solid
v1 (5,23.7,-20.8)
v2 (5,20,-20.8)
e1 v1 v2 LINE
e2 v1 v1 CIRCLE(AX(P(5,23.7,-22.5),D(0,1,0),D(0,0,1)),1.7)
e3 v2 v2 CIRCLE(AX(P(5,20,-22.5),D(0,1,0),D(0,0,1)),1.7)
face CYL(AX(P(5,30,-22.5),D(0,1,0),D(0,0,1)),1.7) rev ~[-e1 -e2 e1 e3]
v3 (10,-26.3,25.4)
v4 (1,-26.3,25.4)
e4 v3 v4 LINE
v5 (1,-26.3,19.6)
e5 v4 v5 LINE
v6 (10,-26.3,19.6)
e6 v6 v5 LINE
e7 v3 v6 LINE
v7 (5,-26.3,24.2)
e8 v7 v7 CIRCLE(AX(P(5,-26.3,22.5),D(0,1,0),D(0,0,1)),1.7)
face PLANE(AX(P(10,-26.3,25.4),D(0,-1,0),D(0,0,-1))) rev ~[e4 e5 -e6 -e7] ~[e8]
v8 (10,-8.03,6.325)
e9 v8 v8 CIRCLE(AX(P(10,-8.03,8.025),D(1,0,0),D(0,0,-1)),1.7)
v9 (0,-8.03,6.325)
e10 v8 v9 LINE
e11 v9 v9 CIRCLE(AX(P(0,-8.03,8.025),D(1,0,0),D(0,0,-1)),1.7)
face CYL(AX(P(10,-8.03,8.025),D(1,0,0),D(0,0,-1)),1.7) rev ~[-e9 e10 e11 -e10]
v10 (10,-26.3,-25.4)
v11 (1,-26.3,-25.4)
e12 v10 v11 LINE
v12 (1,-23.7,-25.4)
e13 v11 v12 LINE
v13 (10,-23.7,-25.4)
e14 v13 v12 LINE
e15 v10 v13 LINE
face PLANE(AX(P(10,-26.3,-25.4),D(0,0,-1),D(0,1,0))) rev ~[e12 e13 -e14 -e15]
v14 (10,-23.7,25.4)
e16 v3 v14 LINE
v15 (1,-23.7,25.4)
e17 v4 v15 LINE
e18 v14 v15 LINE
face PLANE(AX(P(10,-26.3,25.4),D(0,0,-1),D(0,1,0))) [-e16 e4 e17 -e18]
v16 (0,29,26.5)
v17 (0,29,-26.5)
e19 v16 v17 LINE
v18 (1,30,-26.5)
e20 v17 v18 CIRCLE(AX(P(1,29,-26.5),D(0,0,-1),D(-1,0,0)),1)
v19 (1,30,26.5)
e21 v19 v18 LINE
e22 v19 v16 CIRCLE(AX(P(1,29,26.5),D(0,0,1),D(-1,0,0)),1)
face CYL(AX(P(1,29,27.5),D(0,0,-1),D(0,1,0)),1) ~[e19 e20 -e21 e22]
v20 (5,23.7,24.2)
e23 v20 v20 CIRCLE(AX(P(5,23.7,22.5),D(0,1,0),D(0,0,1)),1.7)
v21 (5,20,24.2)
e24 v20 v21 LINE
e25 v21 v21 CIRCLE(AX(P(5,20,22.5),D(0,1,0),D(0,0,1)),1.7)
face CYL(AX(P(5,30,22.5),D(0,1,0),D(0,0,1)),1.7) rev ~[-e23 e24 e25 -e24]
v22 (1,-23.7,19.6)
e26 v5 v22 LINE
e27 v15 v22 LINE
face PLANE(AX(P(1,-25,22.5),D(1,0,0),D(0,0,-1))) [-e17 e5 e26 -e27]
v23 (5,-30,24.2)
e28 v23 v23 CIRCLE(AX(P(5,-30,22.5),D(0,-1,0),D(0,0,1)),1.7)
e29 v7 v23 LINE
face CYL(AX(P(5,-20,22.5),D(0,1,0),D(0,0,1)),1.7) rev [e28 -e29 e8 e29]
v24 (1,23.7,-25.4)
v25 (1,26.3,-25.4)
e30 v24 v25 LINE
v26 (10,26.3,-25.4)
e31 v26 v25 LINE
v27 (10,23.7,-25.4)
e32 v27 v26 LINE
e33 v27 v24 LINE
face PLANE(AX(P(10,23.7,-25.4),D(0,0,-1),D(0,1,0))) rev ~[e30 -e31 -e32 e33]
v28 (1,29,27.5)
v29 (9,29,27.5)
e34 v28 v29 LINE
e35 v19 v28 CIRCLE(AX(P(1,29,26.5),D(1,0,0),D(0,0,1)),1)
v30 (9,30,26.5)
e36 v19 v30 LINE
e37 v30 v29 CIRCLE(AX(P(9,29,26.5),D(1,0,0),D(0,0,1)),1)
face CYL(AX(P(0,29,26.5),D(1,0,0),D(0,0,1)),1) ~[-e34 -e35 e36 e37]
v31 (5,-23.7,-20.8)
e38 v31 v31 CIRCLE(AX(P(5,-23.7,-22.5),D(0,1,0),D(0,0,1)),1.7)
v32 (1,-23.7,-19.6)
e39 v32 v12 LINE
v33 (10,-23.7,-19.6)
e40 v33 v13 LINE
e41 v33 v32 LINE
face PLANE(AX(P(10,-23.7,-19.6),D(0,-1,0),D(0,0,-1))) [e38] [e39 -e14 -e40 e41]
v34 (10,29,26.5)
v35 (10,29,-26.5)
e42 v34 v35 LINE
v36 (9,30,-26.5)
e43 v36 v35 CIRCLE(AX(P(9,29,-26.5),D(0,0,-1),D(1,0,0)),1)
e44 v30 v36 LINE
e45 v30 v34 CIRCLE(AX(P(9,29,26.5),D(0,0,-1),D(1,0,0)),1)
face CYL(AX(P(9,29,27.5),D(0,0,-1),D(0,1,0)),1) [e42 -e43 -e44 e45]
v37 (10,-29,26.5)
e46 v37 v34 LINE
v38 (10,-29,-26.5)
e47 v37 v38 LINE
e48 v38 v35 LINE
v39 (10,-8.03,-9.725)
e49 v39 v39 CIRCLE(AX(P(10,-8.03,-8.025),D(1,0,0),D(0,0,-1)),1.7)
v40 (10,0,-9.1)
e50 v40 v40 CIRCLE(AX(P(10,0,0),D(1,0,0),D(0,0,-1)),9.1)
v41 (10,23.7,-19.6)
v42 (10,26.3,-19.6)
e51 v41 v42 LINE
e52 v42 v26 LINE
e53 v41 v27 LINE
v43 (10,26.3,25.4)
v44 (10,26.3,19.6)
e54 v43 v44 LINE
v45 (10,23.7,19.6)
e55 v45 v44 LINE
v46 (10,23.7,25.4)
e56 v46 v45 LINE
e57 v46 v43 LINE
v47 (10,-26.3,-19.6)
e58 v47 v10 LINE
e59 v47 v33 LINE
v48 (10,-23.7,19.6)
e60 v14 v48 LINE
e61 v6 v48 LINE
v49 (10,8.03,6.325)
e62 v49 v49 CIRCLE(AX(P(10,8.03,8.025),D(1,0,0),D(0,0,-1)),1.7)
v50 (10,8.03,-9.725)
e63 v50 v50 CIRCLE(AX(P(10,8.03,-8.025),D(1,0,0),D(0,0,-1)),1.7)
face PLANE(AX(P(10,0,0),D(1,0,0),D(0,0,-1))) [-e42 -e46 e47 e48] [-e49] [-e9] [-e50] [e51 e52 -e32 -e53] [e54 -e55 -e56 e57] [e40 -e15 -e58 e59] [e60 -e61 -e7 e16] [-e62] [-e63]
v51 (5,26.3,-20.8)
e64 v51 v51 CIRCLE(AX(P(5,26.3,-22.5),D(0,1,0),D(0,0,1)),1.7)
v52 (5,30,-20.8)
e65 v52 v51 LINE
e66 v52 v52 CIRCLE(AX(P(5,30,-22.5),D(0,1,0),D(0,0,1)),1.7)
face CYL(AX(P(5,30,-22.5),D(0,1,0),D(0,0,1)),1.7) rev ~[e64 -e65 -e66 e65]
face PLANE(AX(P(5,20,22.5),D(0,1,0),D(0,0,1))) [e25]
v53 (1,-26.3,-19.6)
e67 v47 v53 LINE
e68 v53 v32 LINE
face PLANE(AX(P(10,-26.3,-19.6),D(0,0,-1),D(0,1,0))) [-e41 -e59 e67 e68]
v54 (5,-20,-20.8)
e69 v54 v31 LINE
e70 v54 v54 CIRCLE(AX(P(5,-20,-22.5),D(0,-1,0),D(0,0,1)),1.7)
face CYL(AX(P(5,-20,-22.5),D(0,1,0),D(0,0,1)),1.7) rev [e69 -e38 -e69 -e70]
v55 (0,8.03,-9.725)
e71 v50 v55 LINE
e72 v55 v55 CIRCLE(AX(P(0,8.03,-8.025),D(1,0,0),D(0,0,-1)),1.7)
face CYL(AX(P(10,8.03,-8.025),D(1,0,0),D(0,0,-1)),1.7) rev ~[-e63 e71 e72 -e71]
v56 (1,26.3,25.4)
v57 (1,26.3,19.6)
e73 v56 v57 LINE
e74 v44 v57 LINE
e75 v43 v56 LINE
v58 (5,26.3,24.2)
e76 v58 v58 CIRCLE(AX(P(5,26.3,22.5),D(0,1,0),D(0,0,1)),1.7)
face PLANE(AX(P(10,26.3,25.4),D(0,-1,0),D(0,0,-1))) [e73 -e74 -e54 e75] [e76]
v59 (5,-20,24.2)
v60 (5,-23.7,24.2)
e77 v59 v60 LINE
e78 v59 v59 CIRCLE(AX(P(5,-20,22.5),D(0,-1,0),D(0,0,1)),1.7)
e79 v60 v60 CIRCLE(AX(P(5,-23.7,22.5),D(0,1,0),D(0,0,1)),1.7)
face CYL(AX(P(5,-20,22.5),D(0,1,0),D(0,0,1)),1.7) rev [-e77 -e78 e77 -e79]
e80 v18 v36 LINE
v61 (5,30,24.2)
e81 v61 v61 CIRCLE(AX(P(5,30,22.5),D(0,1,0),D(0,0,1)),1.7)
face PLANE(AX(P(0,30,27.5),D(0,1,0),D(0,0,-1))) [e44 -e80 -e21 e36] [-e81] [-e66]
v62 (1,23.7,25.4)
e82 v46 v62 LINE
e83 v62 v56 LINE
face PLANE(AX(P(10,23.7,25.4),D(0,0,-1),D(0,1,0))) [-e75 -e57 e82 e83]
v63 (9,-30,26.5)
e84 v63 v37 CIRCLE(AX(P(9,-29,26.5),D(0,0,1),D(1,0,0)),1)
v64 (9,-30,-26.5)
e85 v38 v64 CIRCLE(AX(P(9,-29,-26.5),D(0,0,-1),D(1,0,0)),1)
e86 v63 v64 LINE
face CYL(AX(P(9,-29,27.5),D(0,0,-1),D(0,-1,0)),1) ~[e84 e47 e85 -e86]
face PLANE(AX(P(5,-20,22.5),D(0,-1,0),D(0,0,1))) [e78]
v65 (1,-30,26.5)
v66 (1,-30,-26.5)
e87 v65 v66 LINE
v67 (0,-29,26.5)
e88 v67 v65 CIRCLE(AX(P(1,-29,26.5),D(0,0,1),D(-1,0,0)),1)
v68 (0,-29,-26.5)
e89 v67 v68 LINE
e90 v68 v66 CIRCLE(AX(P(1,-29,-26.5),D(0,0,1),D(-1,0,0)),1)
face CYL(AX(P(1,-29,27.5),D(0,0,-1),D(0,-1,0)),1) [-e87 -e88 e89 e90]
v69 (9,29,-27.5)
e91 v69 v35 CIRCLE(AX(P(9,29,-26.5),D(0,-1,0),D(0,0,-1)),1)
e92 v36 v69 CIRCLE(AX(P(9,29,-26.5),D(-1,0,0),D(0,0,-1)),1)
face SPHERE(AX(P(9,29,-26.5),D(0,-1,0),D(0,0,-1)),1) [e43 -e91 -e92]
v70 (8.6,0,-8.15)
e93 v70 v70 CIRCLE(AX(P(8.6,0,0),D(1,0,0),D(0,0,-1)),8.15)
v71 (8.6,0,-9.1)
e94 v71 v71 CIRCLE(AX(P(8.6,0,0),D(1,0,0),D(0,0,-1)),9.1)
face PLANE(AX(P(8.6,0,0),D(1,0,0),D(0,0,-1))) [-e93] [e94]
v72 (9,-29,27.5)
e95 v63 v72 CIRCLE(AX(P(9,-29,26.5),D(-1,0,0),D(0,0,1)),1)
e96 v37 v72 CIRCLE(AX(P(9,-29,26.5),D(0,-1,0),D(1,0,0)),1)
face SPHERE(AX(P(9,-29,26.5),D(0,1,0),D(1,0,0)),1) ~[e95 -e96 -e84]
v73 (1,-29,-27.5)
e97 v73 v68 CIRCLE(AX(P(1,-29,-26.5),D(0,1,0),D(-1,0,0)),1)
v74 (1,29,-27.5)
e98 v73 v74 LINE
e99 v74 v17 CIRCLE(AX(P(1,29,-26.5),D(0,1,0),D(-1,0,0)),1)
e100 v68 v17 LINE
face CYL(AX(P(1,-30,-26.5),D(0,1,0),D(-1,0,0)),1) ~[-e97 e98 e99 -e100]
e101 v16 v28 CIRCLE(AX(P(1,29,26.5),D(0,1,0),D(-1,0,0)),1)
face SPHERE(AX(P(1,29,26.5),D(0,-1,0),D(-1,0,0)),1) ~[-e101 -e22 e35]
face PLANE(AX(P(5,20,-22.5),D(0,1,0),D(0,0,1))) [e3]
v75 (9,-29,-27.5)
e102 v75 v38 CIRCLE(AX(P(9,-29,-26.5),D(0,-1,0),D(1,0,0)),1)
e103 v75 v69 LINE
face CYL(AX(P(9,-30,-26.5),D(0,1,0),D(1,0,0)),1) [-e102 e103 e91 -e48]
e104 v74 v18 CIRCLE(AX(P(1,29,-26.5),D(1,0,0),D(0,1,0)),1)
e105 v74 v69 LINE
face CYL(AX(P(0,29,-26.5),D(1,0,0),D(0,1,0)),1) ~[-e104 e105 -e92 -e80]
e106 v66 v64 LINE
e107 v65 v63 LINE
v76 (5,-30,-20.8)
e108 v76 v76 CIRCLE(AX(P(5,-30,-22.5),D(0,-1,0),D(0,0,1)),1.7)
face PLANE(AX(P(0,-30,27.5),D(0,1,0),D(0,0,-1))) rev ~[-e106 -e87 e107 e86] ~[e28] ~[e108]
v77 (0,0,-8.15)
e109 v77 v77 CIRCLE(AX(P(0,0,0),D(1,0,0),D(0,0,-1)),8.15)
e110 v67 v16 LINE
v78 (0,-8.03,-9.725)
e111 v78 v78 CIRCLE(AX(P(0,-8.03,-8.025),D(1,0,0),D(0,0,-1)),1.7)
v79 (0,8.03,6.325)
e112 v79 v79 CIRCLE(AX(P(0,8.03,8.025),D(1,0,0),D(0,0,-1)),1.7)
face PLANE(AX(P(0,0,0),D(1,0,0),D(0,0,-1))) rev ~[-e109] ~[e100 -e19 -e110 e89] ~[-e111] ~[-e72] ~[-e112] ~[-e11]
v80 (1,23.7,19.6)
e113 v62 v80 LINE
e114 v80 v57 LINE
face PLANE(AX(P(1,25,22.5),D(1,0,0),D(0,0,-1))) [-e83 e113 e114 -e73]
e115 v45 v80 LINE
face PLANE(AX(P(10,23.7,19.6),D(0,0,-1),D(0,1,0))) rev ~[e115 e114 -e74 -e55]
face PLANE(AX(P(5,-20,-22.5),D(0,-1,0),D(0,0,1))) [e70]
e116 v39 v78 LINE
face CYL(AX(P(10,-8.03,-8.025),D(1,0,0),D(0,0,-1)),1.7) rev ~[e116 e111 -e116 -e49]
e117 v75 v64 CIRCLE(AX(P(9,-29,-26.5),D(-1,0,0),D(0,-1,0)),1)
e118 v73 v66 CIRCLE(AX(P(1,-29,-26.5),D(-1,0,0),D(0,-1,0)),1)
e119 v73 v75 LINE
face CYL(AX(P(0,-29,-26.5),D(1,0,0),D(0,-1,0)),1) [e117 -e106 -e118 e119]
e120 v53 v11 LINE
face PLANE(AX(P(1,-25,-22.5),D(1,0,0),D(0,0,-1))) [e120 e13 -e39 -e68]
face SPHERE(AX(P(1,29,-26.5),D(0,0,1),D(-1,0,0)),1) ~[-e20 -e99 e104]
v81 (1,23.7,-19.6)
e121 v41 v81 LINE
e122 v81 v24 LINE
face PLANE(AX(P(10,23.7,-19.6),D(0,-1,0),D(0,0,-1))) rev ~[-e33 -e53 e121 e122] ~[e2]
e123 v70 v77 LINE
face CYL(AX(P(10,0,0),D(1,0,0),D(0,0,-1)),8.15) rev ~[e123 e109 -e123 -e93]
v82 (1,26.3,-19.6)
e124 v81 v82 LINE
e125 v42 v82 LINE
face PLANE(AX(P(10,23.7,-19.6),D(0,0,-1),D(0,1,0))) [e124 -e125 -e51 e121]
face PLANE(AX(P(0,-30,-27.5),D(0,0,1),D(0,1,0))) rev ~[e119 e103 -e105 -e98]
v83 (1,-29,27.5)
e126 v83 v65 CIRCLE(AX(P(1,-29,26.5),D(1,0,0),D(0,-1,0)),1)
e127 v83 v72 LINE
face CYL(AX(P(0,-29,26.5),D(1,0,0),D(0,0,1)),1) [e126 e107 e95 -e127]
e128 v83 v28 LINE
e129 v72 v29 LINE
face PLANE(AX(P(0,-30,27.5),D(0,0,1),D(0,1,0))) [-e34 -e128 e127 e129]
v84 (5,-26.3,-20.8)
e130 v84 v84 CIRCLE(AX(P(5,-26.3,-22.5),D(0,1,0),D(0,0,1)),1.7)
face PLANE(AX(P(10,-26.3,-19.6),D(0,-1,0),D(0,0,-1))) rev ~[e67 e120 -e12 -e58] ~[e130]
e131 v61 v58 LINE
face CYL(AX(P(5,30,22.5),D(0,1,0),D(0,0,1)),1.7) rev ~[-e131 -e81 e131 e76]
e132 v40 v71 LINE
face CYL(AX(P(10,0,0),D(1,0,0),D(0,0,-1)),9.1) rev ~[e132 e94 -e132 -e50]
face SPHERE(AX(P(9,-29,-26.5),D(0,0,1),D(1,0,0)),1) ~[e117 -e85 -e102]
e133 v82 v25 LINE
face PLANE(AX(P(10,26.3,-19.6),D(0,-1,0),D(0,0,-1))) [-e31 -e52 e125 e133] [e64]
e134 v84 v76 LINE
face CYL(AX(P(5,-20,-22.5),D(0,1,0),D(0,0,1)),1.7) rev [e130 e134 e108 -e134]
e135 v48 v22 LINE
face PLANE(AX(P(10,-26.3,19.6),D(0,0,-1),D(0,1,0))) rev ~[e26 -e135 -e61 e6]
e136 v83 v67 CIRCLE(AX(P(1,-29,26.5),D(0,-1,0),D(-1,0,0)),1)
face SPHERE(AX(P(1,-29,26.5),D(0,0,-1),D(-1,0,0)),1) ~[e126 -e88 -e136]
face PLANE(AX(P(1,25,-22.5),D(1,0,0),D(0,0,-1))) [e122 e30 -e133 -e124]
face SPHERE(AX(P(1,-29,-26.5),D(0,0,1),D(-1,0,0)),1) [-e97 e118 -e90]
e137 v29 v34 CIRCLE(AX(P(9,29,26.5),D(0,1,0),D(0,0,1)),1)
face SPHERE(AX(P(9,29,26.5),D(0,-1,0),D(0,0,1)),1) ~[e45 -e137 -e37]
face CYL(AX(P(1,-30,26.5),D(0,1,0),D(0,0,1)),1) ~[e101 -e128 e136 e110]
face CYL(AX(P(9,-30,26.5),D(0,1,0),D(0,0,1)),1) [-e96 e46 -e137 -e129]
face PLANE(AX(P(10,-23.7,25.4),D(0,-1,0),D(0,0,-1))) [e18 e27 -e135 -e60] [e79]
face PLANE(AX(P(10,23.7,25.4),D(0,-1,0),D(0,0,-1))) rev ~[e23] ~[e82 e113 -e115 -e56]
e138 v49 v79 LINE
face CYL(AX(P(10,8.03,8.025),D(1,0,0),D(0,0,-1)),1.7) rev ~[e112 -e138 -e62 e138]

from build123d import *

# Parameters (mm, degrees)
SKETCH1_W           = 55
SKETCH1_H           = 60
BOSS_EXTRUDE1_DEPTH = 10
SKETCH2_R           = 1.7
CUT_EXTRUDE1_DEPTH  = 10
CUT_EXTRUDE2_START  = -10
SKETCH3_R           = 1.7
CUT_EXTRUDE2_DEPTH  = 10
SKETCH4_W           = 5.8
SKETCH4_H           = 2.6
CUT_EXTRUDE3_DEPTH  = 9
SKETCH5_R           = 8.15
CUT_EXTRUDE4_DEPTH  = 24
SKETCH6_R           = 9.1
CUT_EXTRUDE5_DEPTH  = 1.4
FILLET1_R           = 1
SKETCH7_R           = 1.7
CUT_EXTRUDE6_DEPTH  = 27


with BuildPart() as part:
    # Sketch1 → Boss-Extrude1 (new body)
    with BuildSketch(Plane(origin=(0, 0, 0), x_dir=(0, 0, -1), z_dir=(1, 0, 0))):
        Rectangle(SKETCH1_W, SKETCH1_H)
    extrude(amount=BOSS_EXTRUDE1_DEPTH)

    # Sketch2 → Cut-Extrude1 (cut)
    with BuildSketch(Plane(origin=(0, 30, 0), x_dir=(1, 0, 0), z_dir=(0, 1, 0))):
        with Locations(Location((5, 22.5, 0), (0, 0, 270))):
            Circle(SKETCH2_R)
        with Locations(Location((5, -22.5, 0), (0, 0, 270))):
            Circle(SKETCH2_R)
    extrude(amount=-CUT_EXTRUDE1_DEPTH, mode=Mode.SUBTRACT)

    # Sketch3 → Cut-Extrude2 (cut)
    with BuildSketch(Plane.XZ.offset(30).offset(CUT_EXTRUDE2_START)):
        with Locations(Location((5, 22.5, 0), (0, 0, 90))):
            Circle(SKETCH3_R)
        with Locations(Location((5, -22.5, 0), (0, 0, 90))):
            Circle(SKETCH3_R)
    extrude(amount=CUT_EXTRUDE2_DEPTH, mode=Mode.SUBTRACT)

    # Sketch4 → Cut-Extrude3 (cut)
    with BuildSketch(Plane(origin=(10, 0, 0), x_dir=(0, 0, -1), z_dir=(1, 0, 0))):
        with Locations((-22.5, 25)):
            Rectangle(SKETCH4_W, SKETCH4_H)
        with Locations((22.5, 25)):
            Rectangle(SKETCH4_W, SKETCH4_H)
        with Locations((-22.5, -25)):
            Rectangle(SKETCH4_W, SKETCH4_H)
        with Locations((22.5, -25)):
            Rectangle(SKETCH4_W, SKETCH4_H)
    extrude(amount=-CUT_EXTRUDE3_DEPTH, mode=Mode.SUBTRACT)

    # Sketch5 → Cut-Extrude4 (cut)
    with BuildSketch(Plane(origin=(10, 0, 0), x_dir=(0, 0, -1), z_dir=(1, 0, 0))):
        Circle(SKETCH5_R)
    extrude(amount=-CUT_EXTRUDE4_DEPTH, mode=Mode.SUBTRACT)

    # Sketch6 → Cut-Extrude5 (cut)
    with BuildSketch(Plane(origin=(10, 0, 0), x_dir=(0, 0, -1), z_dir=(1, 0, 0))):
        Circle(SKETCH6_R)
    extrude(amount=-CUT_EXTRUDE5_DEPTH, mode=Mode.SUBTRACT)

    # Fillet1
    fillet1_edges = [part.edges().sort_by_distance(p)[0] for p in [
        (10, 0, 27.5),
        (10, -30, 0),
        (10, 0, -27.5),
        (0, -30, 0),
        (0, 0, 27.5),
        (0, 30, 0),
        (0, 0, -27.5),
        (5, -30, -27.5),
        (5, -30, 27.5),
        (5, 30, 27.5),
        (5, 30, -27.5),
        (10, 30, 0),
    ]]
    fillet(fillet1_edges, radius=FILLET1_R)

    # Sketch7 → Cut-Extrude6 (cut)
    with BuildSketch(Plane(origin=(10, 0, 0), x_dir=(0, 0, -1), z_dir=(1, 0, 0))):
        with Locations((-8.025, 8.03)):
            Circle(SKETCH7_R)
        with Locations((8.025, 8.03)):
            Circle(SKETCH7_R)
        with Locations((8.025, -8.03)):
            Circle(SKETCH7_R)
        with Locations((-8.025, -8.03)):
            Circle(SKETCH7_R)
    extrude(amount=-CUT_EXTRUDE6_DEPTH, mode=Mode.SUBTRACT)


solid = part.part
